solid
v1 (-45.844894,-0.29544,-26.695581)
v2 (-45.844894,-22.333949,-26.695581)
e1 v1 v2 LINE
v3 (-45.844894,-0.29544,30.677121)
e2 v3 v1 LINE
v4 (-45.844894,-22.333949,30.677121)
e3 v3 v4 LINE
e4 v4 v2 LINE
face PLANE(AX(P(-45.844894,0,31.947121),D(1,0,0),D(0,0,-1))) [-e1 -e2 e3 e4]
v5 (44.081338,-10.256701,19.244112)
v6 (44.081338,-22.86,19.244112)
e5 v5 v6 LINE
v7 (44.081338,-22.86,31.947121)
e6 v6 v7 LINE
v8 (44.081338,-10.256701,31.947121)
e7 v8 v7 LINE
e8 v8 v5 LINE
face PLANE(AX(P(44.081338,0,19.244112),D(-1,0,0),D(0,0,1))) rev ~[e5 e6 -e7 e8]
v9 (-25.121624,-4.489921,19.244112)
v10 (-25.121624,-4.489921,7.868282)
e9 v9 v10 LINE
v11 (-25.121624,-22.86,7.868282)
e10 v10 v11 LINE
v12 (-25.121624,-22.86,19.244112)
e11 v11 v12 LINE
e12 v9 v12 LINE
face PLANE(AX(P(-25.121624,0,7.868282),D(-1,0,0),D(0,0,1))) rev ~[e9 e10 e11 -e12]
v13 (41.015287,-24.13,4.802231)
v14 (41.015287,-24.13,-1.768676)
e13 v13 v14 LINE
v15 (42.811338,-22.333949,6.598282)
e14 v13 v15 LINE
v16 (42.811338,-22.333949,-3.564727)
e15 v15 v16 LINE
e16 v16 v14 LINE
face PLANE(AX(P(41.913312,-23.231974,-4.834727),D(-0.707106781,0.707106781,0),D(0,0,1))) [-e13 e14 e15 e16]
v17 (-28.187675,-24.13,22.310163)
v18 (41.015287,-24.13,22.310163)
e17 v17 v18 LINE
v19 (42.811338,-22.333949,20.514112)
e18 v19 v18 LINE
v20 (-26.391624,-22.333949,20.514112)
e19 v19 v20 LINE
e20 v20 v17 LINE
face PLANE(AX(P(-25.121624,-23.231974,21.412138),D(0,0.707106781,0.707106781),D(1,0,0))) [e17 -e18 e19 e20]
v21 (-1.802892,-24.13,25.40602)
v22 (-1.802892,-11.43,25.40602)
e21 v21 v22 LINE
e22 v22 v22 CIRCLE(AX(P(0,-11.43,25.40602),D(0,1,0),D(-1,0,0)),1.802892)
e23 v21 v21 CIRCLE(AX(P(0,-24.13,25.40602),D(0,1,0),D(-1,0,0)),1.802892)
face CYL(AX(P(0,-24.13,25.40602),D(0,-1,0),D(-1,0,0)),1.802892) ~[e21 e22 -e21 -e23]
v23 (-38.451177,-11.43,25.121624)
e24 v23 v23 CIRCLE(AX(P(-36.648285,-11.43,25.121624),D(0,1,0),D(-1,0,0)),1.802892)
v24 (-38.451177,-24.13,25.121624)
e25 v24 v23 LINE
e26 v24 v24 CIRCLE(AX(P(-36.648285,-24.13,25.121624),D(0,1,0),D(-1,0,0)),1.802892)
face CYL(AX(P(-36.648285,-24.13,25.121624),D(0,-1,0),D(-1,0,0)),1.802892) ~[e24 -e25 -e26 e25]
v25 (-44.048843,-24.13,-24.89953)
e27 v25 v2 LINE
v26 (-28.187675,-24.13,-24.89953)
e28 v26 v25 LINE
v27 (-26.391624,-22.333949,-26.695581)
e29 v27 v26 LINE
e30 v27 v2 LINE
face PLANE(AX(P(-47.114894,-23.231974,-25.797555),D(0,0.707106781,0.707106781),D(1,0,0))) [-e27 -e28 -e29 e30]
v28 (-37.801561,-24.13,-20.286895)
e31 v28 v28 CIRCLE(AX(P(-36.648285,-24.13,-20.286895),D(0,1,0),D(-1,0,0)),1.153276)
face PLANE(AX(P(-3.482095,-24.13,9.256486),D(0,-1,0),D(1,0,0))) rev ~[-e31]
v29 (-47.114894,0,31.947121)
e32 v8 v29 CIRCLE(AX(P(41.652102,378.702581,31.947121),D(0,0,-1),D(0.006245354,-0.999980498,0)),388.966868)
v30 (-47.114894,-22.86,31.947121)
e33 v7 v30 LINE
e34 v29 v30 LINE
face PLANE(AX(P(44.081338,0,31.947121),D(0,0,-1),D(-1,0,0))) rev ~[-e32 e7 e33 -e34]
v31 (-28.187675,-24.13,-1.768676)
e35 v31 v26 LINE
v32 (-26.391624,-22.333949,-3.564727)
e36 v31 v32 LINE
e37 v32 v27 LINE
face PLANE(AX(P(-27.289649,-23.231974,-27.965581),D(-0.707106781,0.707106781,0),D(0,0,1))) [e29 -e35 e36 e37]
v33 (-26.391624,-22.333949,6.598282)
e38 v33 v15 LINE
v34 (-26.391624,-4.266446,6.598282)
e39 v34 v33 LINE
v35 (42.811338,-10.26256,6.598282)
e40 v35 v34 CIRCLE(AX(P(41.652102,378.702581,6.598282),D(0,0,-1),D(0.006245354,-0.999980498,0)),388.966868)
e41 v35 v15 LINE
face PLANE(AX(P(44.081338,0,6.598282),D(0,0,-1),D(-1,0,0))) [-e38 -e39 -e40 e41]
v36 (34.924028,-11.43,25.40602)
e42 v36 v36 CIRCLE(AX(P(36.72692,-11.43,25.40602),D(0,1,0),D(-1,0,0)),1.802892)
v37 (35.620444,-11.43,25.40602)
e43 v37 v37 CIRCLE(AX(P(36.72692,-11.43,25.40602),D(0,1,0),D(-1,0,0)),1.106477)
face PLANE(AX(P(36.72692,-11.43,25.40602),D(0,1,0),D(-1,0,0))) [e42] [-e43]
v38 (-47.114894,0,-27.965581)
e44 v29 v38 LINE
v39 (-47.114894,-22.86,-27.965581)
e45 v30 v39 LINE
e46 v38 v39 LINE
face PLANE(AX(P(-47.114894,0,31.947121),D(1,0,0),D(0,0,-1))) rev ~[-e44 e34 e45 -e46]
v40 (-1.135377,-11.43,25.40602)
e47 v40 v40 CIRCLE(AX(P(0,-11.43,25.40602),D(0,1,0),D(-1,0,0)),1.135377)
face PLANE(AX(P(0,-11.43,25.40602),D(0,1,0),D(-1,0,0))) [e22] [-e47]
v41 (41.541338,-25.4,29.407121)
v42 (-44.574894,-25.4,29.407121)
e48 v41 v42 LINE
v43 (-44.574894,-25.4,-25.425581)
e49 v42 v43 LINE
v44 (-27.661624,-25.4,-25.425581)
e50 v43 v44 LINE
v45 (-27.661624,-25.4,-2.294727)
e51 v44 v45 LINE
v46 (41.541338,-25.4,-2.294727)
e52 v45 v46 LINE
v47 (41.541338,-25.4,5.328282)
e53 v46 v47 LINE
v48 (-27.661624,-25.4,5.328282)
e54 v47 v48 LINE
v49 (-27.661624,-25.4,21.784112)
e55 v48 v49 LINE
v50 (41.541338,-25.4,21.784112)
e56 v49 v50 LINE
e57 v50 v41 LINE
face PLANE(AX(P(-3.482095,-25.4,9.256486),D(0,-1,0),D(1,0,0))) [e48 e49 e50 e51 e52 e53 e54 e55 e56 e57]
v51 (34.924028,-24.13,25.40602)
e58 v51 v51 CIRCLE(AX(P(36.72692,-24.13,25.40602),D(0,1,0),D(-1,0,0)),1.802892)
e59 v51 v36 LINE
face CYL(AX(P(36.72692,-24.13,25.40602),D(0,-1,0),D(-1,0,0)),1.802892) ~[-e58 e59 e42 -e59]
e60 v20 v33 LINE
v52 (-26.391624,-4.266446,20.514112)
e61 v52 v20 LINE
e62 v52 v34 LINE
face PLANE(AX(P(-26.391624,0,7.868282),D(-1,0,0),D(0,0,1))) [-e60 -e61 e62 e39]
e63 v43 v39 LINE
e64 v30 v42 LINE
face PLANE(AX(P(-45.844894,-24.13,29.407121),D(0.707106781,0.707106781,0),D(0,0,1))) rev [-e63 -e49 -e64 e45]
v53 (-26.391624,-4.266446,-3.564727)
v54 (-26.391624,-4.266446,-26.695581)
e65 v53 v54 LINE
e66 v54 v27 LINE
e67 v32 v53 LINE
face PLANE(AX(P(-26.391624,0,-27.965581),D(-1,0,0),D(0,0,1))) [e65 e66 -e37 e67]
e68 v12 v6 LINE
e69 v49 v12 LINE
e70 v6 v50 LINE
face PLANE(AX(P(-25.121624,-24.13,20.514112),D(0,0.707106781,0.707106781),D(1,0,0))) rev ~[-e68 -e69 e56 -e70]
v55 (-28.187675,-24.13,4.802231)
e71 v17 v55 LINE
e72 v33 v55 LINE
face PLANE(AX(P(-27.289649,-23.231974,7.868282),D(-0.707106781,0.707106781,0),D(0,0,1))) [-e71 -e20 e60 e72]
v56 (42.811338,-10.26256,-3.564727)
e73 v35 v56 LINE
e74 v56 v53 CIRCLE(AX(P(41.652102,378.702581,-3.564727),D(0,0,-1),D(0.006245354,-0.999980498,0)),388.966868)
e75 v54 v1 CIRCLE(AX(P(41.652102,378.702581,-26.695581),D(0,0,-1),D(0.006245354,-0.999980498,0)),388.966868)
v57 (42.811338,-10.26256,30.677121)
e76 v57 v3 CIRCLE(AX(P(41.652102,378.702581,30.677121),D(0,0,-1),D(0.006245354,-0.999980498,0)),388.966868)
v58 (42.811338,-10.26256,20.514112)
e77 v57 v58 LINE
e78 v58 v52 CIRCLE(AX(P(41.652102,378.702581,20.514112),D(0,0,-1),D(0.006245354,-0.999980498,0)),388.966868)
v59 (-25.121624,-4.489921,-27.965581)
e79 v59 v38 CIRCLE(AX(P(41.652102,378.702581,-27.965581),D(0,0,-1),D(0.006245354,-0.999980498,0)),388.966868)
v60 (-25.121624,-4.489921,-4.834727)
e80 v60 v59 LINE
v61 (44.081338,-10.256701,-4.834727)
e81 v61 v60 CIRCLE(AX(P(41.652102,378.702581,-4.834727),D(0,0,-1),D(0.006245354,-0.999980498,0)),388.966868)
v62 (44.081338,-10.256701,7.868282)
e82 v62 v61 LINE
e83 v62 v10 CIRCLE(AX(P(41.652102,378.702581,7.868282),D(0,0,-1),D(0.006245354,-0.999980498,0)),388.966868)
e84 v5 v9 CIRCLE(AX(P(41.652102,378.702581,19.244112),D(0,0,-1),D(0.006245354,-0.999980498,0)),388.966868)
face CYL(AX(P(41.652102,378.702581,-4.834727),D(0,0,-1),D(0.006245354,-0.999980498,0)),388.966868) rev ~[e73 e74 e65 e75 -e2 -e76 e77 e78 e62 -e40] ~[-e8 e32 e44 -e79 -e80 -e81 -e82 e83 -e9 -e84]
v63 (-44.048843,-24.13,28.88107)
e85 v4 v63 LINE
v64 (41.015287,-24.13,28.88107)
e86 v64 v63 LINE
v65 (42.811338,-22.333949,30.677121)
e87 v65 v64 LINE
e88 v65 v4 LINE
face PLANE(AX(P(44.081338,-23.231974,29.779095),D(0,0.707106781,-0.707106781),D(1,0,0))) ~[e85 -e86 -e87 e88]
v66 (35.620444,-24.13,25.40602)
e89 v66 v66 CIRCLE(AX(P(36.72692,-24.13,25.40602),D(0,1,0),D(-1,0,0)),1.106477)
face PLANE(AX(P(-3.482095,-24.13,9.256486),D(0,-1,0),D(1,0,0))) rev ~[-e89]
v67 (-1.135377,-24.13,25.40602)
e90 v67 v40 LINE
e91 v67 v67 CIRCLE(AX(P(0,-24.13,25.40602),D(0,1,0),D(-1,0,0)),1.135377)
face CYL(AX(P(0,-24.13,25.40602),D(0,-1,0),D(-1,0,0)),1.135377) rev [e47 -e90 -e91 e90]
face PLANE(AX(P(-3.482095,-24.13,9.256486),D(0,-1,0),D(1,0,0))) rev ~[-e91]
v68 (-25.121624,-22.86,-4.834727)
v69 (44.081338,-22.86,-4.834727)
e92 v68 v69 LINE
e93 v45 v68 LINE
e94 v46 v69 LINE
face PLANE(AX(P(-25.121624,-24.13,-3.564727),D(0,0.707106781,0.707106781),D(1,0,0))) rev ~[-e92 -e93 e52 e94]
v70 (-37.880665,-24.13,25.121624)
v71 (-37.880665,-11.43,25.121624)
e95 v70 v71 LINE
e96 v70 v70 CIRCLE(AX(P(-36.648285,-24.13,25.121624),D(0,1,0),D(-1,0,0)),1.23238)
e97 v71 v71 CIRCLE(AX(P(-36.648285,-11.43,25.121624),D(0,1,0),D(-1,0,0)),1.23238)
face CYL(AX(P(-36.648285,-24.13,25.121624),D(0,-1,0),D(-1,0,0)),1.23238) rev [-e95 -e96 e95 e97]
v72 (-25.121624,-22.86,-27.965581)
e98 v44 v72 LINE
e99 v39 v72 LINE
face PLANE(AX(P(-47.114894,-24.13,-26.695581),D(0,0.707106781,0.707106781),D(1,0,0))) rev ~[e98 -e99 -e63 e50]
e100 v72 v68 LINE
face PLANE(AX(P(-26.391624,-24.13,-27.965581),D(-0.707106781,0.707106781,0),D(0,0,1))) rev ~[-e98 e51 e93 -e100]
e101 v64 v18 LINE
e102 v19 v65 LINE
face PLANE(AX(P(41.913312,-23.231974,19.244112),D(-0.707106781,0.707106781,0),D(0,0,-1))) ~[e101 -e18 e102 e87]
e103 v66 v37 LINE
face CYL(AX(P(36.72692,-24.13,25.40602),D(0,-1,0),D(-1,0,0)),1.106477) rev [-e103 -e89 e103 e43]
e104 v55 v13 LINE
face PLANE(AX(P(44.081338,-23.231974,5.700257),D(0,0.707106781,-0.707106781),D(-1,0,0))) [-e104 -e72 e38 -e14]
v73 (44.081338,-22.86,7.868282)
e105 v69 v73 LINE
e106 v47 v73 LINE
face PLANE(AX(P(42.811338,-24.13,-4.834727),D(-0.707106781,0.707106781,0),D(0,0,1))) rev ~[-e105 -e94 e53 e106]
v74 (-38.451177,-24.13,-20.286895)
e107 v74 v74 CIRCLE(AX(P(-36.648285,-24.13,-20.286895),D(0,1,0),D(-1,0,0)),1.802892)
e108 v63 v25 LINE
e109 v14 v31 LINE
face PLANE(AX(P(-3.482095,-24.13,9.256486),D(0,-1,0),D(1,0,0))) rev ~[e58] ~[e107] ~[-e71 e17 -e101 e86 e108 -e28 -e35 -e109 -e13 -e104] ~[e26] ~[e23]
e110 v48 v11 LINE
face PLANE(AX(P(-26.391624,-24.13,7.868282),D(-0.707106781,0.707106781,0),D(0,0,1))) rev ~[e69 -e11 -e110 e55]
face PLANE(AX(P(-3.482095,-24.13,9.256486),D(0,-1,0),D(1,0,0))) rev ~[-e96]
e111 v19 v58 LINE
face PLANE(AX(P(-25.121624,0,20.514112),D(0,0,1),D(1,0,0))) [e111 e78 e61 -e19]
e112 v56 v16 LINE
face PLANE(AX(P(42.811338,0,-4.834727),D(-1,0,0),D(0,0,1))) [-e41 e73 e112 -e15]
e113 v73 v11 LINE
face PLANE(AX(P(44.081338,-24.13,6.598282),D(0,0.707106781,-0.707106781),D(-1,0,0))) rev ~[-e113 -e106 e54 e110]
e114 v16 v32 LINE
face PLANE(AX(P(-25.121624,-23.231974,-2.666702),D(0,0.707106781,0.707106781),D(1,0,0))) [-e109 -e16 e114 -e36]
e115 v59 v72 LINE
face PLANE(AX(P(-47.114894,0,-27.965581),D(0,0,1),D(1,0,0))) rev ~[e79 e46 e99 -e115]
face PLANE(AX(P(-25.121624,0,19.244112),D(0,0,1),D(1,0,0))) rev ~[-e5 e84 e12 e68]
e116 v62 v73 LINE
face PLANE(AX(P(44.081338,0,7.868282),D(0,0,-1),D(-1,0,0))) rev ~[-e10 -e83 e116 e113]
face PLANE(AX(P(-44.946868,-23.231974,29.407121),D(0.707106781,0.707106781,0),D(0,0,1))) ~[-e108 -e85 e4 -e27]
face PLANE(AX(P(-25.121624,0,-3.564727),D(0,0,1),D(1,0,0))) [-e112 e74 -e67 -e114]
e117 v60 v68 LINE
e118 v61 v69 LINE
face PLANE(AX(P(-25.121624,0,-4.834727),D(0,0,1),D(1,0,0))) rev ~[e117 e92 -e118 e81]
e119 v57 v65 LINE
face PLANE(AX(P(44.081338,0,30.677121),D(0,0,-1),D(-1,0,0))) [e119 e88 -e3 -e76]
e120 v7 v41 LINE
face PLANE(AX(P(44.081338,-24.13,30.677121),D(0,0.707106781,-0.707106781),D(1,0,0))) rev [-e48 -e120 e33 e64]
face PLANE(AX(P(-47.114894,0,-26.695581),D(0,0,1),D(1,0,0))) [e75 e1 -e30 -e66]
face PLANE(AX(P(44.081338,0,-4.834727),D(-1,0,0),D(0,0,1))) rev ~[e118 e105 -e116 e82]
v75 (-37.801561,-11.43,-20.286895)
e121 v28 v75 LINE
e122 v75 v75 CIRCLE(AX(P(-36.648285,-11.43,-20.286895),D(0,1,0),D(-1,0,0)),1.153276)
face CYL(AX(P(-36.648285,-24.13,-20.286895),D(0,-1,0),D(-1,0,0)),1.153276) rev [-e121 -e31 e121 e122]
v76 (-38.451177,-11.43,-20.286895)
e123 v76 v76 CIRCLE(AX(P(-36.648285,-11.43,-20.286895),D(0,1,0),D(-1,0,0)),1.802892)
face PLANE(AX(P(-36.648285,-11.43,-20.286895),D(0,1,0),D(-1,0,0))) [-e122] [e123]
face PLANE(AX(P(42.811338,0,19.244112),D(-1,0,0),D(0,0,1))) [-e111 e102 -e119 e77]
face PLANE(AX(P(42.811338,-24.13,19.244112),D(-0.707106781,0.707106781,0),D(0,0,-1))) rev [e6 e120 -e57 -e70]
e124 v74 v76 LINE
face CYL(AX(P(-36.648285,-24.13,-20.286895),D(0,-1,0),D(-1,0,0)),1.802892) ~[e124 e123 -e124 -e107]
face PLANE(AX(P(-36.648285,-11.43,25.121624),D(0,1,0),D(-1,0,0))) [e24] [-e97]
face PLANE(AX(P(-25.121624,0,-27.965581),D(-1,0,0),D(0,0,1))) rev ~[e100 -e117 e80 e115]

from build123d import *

# Parameters (mm, degrees)
F1_DEPTH = 25.4
F2_SIZE  = 2.54
F3_SIZE  = 2.54
F4_T     = -1.27
F6_DEPTH = 38.1
F7_R     = 1.8028918562
F7_R_2   = 1.1064766703
F7_R_3   = 1.1353765366
F7_R_4   = 1.2323804773
F7_R_5   = 1.153275907
F8_DEPTH = 12.7


with BuildPart() as f1:
    # F0 (on Front) → F1 (new body)
    with BuildSketch(Plane.XZ):
        Polygon((44.08133775, 31.9471210241), (-47.1148937941, 31.9471210241), (-47.1148937941, -27.9655810446), (-25.1216236502, -27.9655810446), (-25.1216236502, -4.8347273842), (44.08133775, -4.8347273842), (44.08133775, 7.8682824969), (-25.1216236502, 7.8682824969), (-25.1216236502, 19.2441120744), (44.08133775, 19.2441120744), align=None)
    extrude(amount=F1_DEPTH)

    # F2
    f2_edges = [f1.edges().sort_by_distance(p)[0] for p in [
        (-1.516778, -25.4, 31.947121),
    ]]
    chamfer(f2_edges, length=F2_SIZE)

    # F3
    f3_edges = [f1.edges().sort_by_distance(p)[0] for p in [
        (44.081338, -25.4, 24.325617),
        (9.479857, -25.4, 19.244112),
        (-25.121624, -25.4, 13.556197),
        (9.479857, -25.4, 7.868282),
        (44.081338, -25.4, 1.516778),
        (9.479857, -25.4, -4.834727),
        (-25.121624, -25.4, -16.400154),
        (-36.118259, -25.4, -27.965581),
        (-47.114894, -25.4, 0.72077),
    ]]
    chamfer(f3_edges, length=F3_SIZE)

    # F4
    f4_openings = [f1.faces().sort_by_distance(p)[0] for p in [
        (-1.516778, 0, 30.855962),
    ]]
    offset(amount=F4_T, openings=f4_openings, kind=Kind.INTERSECTION)

    # F5 (on face) → F6 (cut, symmetric)
    with BuildSketch(Plane(origin=(0, 0, -4.8347273842), x_dir=(1, 0, 0), z_dir=(0, 0, -1))):
        with BuildLine():
            Line((44.08133775, 0), (44.08133775, 10.256701149))
            ThreePointArc((44.08133775, 10.256701149), (-1.820328138, 7.8273301251), (-47.1148937941, 0))
            Line((-47.1148937941, 0), (44.08133775, 0))
        make_face()
    extrude(amount=F6_DEPTH, both=True, mode=Mode.SUBTRACT)

    # F7 (on face) → F8 (join)
    with BuildSketch(Plane(origin=(0, -24.13, 0), x_dir=(-1, 0, 0), z_dir=(0, 1, 0))):
        with Locations((-36.7269202571, 25.4060197622)):
            Circle(F7_R)
        with Locations((-36.7269202571, 25.4060197622)):
            Circle(F7_R_2, mode=Mode.SUBTRACT)
        with Locations((0, 25.4060197622)):
            Circle(F7_R)
        with Locations((0, 25.4060197622)):
            Circle(F7_R_3, mode=Mode.SUBTRACT)
        with Locations((36.6482846439, 25.1216236502)):
            Circle(F7_R)
        with Locations((36.6482846439, 25.1216236502)):
            Circle(F7_R_4, mode=Mode.SUBTRACT)
        with Locations((36.6482846439, -20.2868953347)):
            Circle(F7_R)
        with Locations((36.6482846439, -20.2868953347)):
            Circle(F7_R_5, mode=Mode.SUBTRACT)
    extrude(amount=F8_DEPTH)


solid = f1.part
